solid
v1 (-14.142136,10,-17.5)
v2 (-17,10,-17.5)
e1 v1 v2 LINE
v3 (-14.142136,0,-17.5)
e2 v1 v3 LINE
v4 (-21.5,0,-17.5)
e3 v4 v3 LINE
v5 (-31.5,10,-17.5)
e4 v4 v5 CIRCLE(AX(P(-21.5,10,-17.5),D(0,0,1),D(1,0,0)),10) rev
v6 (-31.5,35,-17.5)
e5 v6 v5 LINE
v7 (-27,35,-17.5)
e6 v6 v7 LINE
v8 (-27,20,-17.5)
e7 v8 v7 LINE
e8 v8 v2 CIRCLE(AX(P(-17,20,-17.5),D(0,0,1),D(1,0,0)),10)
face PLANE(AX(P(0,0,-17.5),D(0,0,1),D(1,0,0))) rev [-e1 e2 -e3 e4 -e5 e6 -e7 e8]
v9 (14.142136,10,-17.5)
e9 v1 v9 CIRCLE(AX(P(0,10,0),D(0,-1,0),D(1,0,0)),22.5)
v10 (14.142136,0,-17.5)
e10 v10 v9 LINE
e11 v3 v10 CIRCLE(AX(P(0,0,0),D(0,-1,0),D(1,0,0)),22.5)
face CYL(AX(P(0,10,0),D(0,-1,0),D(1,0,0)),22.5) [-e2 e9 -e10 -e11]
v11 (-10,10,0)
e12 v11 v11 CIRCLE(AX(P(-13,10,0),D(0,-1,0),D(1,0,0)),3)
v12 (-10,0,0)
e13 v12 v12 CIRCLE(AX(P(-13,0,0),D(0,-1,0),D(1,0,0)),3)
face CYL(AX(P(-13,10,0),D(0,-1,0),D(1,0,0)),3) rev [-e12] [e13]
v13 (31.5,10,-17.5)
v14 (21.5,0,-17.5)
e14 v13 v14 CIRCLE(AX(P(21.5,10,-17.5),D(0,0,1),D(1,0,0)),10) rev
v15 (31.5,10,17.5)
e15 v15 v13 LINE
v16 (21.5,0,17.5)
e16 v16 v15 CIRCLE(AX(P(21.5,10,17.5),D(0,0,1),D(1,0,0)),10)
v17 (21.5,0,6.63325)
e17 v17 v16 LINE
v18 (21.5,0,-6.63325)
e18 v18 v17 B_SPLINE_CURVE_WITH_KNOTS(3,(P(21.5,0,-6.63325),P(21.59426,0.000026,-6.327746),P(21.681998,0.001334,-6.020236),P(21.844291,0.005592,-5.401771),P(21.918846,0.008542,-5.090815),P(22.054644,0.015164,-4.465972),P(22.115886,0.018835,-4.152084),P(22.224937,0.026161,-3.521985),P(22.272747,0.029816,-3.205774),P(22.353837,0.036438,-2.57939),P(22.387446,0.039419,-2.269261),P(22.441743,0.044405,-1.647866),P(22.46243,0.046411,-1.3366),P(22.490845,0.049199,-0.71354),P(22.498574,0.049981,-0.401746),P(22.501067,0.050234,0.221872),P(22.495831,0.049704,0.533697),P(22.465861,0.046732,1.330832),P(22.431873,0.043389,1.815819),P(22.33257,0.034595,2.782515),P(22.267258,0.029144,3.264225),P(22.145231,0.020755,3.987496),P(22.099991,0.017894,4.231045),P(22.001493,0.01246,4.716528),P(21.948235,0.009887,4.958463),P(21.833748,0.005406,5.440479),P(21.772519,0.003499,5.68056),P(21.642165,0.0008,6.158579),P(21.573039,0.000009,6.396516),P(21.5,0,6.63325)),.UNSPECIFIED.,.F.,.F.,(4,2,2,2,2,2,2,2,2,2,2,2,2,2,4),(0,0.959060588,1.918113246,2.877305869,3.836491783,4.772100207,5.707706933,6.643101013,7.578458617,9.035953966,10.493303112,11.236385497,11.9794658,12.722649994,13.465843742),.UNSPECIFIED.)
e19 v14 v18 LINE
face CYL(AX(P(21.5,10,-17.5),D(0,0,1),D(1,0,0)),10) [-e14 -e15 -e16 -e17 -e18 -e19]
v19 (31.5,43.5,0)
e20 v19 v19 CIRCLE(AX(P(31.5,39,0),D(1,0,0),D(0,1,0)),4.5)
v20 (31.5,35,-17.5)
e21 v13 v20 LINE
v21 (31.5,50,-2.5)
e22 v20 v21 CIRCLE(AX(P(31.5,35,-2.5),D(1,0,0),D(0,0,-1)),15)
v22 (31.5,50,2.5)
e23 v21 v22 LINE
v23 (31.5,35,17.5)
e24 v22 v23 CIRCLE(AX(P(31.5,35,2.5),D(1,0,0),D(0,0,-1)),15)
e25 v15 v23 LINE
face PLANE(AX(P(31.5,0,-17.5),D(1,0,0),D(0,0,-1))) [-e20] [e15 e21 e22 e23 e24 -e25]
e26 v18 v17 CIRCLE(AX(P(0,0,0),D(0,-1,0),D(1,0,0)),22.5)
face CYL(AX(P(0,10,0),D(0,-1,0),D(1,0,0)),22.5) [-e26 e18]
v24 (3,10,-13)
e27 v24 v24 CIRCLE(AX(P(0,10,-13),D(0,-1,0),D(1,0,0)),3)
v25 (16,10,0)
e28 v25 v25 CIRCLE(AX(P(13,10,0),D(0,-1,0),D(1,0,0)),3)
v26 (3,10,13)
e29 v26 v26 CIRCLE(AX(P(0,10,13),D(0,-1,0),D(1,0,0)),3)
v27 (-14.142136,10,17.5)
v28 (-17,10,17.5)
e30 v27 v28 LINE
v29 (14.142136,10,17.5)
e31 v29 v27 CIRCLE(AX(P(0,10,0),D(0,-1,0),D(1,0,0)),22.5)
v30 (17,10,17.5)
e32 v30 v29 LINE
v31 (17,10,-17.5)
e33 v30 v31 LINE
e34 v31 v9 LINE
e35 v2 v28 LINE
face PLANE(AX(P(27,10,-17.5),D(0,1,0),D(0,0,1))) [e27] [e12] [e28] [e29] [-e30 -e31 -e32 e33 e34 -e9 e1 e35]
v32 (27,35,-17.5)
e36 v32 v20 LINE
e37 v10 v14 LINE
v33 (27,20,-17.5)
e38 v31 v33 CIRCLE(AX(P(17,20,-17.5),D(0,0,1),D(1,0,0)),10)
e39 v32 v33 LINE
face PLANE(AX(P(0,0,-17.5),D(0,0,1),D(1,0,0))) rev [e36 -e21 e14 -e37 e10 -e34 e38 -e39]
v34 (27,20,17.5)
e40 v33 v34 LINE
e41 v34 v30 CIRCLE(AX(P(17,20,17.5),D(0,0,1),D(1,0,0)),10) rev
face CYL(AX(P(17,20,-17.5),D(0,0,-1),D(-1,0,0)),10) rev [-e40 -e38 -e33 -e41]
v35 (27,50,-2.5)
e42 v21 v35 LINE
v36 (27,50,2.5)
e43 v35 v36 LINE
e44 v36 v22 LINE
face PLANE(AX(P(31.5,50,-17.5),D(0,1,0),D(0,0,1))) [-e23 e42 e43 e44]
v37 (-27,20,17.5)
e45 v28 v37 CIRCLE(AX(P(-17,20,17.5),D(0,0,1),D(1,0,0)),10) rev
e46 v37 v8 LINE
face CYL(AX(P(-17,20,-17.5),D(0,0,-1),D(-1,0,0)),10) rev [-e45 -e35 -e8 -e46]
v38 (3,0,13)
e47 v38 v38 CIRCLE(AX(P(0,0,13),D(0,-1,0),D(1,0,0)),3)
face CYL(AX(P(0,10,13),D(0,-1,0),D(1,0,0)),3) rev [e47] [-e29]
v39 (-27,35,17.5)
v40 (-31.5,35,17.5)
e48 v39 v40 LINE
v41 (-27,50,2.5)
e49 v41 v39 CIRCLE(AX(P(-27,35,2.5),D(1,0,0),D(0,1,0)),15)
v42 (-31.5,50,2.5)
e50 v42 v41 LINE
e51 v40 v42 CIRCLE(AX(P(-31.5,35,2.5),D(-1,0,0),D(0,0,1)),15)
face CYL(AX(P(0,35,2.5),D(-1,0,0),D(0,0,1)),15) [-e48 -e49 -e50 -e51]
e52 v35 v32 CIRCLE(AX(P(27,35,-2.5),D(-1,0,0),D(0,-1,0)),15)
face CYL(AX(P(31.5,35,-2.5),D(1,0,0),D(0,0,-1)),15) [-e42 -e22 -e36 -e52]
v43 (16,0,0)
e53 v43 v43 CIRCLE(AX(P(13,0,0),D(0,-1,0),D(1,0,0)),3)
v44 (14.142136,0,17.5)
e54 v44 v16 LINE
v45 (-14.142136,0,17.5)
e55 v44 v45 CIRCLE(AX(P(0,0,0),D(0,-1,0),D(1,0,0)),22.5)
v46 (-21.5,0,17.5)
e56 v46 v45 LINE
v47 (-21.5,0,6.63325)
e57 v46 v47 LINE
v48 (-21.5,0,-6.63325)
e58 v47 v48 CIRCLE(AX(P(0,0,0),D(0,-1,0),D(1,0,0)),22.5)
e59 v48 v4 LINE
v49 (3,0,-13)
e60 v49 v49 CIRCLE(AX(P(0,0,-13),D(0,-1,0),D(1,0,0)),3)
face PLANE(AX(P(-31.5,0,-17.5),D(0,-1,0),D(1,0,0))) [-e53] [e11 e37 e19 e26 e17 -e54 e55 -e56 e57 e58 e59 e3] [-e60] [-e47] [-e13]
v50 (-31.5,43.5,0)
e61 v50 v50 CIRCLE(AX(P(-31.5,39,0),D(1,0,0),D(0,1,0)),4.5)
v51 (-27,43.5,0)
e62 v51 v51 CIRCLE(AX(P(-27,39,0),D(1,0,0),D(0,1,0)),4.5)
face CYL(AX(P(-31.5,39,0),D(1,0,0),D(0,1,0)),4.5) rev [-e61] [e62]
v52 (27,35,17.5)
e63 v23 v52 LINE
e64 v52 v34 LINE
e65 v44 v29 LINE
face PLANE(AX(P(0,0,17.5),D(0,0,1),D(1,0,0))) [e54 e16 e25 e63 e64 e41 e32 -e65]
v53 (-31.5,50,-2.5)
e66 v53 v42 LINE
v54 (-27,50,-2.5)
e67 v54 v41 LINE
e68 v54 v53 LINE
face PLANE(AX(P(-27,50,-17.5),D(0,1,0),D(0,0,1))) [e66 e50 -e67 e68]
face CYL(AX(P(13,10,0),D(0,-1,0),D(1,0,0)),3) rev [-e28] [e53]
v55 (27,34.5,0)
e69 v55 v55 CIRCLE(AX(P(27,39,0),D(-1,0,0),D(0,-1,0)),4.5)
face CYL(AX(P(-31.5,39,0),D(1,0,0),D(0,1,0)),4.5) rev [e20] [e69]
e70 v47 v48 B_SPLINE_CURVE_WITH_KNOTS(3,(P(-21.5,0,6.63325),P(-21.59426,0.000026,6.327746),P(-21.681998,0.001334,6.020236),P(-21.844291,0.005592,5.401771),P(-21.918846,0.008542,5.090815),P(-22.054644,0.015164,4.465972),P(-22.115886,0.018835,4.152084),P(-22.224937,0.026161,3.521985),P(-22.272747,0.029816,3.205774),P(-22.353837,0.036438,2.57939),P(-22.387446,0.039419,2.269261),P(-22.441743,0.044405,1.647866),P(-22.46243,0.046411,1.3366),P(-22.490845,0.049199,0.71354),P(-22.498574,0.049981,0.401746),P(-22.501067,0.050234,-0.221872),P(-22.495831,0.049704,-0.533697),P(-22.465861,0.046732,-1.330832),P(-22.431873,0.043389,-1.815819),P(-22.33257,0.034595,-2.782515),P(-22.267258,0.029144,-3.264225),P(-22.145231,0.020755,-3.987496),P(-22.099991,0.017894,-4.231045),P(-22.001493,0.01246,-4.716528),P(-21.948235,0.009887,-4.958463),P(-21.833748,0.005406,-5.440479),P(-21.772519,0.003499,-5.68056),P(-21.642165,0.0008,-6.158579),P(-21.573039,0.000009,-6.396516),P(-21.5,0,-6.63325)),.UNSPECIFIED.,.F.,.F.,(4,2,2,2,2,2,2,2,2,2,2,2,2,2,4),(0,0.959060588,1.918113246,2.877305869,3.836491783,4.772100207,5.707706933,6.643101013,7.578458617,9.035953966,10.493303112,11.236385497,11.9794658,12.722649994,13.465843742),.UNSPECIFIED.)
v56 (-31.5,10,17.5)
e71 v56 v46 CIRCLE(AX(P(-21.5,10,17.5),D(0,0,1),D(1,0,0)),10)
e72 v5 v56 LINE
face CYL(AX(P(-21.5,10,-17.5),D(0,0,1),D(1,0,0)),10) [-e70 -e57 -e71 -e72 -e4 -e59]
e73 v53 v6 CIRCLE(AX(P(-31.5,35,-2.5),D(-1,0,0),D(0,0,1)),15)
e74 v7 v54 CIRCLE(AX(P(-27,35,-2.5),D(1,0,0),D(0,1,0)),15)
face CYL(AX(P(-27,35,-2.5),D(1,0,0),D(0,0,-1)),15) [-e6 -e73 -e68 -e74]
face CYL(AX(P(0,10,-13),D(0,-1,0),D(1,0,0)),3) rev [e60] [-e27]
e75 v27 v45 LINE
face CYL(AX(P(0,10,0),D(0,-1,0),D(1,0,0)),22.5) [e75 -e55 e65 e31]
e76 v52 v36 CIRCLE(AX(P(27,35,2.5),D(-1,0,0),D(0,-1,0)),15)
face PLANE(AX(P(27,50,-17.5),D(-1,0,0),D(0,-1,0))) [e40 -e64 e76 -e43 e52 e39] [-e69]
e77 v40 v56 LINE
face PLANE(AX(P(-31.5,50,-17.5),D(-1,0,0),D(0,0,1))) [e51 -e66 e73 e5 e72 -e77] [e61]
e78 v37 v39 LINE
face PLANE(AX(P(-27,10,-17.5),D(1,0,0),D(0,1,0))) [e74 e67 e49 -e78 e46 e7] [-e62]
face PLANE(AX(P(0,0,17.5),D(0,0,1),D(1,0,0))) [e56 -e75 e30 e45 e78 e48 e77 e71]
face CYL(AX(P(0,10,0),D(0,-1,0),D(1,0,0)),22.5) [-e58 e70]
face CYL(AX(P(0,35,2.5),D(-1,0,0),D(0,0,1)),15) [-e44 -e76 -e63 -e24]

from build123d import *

# Parameters (mm, degrees)
BOSS_EXTRUDE1_DEPTH = 17.5
FILLET3_R           = 10
SKETCH2_R           = 22.5
BOSS_EXTRUDE4_DEPTH = 10
SKETCH4_R           = 3
CUT_EXTRUDE2_DEPTH  = 10
FILLET6_R           = 15
SKETCH6_R           = 4.5
CUT_EXTRUDE3_DEPTH  = 84.517962215


with BuildPart() as part:
    # Sketch1 → Boss-Extrude1 (new, symmetric)
    with BuildSketch(Plane.XY):
        Polygon((-31.5, 0), (31.5, 0), (31.5, 50), (27, 50), (27, 10), (-27, 10), (-27, 50), (-31.5, 50), align=None)
    extrude(amount=BOSS_EXTRUDE1_DEPTH, both=True)

    # Fillet3
    fillet3_edges = [part.edges().sort_by_distance(p)[0] for p in [
        (-27, 10, 0),
        (27, 10, 0),
        (31.5, 0, 0),
        (-31.5, 0, 0),
    ]]
    fillet(fillet3_edges, radius=FILLET3_R)

    # Sketch2 → Boss-Extrude4 (add)
    with BuildSketch(Plane.XZ):
        Circle(SKETCH2_R)
    extrude(amount=-BOSS_EXTRUDE4_DEPTH)

    # Sketch4 → Cut-Extrude2 (cut)
    with BuildSketch(Plane.XZ):
        with Locations((0, 13)):
            Circle(SKETCH4_R)
        with Locations((13, 0)):
            Circle(SKETCH4_R)
        with Locations((0, -13)):
            Circle(SKETCH4_R)
        with Locations((-13, 0)):
            Circle(SKETCH4_R)
    extrude(amount=-CUT_EXTRUDE2_DEPTH, mode=Mode.SUBTRACT)

    # Fillet6
    fillet6_edges = [part.edges().sort_by_distance(p)[0] for p in [
        (29.25, 50, 17.5),
        (29.25, 50, -17.5),
        (-29.25, 50, -17.5),
        (-29.25, 50, 17.5),
    ]]
    fillet(fillet6_edges, radius=FILLET6_R)

    # Sketch6 → Cut-Extrude3 (cut, through all)
    with BuildSketch(Plane(origin=(31.5, 0, 0), x_dir=(0, 0, -1), z_dir=(1, 0, 0))):
        with Locations(Location((0, 39, 0), (0, 0, 90))):
            Circle(SKETCH6_R)
    extrude(amount=-CUT_EXTRUDE3_DEPTH, mode=Mode.SUBTRACT)


solid = part.part
